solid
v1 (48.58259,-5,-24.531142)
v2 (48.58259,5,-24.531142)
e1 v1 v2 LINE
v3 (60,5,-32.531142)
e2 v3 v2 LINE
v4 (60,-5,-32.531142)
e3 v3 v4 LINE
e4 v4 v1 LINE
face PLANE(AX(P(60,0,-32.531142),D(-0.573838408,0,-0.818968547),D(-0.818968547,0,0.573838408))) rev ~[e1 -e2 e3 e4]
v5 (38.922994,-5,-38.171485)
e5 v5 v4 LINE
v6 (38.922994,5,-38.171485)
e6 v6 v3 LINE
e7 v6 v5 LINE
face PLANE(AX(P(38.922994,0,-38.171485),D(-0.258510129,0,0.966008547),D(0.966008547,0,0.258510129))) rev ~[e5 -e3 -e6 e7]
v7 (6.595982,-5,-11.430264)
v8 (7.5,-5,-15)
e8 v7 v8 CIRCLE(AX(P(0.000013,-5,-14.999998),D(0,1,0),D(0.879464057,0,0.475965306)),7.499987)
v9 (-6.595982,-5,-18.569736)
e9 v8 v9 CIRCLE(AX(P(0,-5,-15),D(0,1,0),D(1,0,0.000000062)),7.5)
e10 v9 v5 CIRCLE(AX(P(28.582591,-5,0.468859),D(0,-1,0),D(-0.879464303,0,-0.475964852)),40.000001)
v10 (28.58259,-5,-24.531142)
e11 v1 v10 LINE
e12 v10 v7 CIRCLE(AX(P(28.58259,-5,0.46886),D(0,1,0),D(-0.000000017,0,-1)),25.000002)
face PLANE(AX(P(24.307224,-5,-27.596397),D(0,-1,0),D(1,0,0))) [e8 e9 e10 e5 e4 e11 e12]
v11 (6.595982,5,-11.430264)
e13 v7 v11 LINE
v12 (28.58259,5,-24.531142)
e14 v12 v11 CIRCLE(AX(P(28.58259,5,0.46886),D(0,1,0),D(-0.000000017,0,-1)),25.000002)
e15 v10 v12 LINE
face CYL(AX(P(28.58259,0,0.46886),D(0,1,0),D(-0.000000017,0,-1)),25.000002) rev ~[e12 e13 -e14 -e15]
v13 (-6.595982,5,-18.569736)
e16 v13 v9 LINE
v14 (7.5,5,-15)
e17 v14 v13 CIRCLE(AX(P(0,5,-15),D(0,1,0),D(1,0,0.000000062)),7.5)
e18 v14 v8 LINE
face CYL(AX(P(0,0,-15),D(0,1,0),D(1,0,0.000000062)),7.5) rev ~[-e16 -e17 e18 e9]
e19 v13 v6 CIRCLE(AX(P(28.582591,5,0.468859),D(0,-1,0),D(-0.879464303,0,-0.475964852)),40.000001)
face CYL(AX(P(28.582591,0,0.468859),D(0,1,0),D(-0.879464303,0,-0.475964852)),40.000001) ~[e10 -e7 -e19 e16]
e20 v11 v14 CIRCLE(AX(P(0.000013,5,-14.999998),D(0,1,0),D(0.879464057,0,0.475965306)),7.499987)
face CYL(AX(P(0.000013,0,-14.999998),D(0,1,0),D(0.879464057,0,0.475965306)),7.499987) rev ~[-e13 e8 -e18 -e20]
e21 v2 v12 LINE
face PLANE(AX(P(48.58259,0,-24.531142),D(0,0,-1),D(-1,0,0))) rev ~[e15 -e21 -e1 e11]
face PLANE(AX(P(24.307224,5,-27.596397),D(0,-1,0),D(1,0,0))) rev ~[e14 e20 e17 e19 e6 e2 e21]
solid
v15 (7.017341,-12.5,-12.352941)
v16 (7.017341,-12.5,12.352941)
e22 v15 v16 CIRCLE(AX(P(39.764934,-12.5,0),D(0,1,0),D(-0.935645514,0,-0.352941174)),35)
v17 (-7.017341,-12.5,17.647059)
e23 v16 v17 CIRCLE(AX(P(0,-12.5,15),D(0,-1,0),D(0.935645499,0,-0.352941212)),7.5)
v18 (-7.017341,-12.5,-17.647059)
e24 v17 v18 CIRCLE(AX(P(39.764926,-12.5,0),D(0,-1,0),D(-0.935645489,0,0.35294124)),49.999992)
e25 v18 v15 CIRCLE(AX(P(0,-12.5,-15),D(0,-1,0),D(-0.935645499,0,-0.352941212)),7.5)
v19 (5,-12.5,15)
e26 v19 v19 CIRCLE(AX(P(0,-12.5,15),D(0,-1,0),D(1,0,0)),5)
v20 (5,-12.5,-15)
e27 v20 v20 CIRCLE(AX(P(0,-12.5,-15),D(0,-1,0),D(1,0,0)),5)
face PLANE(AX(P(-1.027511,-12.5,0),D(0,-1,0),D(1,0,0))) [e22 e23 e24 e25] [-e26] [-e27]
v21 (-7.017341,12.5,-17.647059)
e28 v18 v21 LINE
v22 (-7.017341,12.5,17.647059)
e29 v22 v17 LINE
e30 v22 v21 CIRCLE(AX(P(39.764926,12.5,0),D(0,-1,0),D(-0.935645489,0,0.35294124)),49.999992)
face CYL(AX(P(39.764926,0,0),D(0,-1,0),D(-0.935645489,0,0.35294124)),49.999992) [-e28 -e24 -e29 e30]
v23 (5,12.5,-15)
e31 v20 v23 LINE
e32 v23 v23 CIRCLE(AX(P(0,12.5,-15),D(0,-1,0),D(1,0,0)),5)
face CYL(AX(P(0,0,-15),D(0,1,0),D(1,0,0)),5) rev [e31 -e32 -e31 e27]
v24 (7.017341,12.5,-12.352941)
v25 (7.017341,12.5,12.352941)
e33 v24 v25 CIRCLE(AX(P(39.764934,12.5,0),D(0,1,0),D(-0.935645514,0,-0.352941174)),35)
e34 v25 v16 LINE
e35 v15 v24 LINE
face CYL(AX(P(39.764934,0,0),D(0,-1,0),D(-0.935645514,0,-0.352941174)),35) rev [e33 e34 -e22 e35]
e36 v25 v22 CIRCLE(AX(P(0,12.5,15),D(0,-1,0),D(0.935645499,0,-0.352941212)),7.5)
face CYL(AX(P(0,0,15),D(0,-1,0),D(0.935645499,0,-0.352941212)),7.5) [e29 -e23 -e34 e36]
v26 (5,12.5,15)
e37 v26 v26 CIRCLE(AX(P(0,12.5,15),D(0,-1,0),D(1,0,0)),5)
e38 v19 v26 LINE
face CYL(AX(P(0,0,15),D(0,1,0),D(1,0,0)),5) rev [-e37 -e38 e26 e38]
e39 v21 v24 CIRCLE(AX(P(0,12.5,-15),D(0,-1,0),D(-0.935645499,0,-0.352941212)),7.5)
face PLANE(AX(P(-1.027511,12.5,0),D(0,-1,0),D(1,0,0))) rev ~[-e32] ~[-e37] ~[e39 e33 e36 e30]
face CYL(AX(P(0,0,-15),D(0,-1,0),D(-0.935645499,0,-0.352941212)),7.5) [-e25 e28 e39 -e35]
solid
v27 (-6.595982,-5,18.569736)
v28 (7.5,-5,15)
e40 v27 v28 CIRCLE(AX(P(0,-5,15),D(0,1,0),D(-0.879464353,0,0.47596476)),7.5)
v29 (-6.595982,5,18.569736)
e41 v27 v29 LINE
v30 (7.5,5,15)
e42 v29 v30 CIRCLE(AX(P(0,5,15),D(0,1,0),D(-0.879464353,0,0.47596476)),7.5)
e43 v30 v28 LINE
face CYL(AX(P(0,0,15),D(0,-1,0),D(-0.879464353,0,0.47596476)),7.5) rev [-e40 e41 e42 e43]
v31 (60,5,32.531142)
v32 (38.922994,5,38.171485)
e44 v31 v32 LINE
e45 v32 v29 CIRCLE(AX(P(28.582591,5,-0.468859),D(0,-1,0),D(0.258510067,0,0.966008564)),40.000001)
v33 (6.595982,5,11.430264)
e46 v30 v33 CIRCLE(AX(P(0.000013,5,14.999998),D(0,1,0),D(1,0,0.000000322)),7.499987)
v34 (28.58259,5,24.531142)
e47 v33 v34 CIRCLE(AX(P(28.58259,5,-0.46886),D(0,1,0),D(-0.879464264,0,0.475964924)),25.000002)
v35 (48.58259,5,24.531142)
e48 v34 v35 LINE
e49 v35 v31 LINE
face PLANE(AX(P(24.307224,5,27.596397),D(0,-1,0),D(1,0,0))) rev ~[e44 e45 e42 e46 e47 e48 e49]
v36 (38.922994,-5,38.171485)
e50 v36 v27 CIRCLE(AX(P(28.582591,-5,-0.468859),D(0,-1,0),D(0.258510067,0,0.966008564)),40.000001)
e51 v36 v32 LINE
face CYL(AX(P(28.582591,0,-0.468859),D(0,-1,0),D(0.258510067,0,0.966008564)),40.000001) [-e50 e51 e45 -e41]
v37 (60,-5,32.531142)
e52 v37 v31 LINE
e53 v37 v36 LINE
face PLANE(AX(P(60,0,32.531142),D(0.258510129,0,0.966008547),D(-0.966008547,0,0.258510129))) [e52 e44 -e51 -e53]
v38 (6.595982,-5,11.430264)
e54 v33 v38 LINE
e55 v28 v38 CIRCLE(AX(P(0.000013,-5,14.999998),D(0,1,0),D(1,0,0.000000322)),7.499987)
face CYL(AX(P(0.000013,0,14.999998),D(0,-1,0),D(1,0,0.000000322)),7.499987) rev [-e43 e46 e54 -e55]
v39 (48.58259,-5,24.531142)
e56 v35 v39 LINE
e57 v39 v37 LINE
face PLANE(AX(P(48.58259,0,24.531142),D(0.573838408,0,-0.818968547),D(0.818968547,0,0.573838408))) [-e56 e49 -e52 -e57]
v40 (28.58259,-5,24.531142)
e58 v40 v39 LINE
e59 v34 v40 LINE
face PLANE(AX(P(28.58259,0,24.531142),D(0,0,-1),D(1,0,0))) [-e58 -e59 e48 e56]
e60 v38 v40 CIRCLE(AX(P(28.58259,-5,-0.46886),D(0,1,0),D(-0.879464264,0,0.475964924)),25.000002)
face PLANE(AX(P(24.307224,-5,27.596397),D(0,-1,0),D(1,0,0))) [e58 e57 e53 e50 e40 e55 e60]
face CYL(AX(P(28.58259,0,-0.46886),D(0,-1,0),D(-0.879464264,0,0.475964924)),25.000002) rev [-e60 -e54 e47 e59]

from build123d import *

# Parameters (mm, degrees)
F0_R     = 5
F2_DEPTH = 12.5
F3_DEPTH = 5


with BuildPart() as f2:
    # F0 (on Front) → F2 (new body, symmetric)
    with BuildSketch(Plane.XZ):
        with BuildLine():
            ThreePointArc((7.017341, -12.352941), (4.764934, 0), (7.017341, 12.352941))
            ThreePointArc((7.017341, 12.352941), (2.647059, 22.017341), (-7.017341, 17.647059))
            ThreePointArc((-7.017341, 17.647059), (-10.235066, 0), (-7.017341, -17.647059))
            ThreePointArc((-7.017341, -17.647059), (2.647059, -22.017341), (7.017341, -12.352941))
        make_face()
        with Locations((0, -15)):
            Circle(F0_R, mode=Mode.SUBTRACT)
        with Locations((0, 15)):
            Circle(F0_R, mode=Mode.SUBTRACT)
    extrude(amount=F2_DEPTH, both=True)


with BuildPart() as f3:
    # F1 (on Front) → F3 (new body, symmetric)
    with BuildSketch(Plane.XZ):
        with BuildLine():
            ThreePointArc((6.595982, -11.430264), (7.270484, -13.158787), (7.5, -15))
            ThreePointArc((7.5, -15), (1.841213, -22.270484), (-6.595982, -18.569736))
            ThreePointArc((-6.595982, -18.569736), (12.762009, -36.269531), (38.922994, -38.171485))
            Line((38.922994, -38.171485), (60, -32.531142))
            Line((60, -32.531142), (48.58259, -24.531142))
            Line((48.58259, -24.531142), (28.58259, -24.531142))
            ThreePointArc((28.58259, -24.531142), (15.785677, -21.007618), (6.595982, -11.430264))
        make_face()
        with BuildLine():
            ThreePointArc((-6.595982, 18.569736), (1.841213, 22.270484), (7.5, 15))
            ThreePointArc((7.5, 15), (7.270484, 13.158787), (6.595982, 11.430264))
            ThreePointArc((6.595982, 11.430264), (15.785677, 21.007618), (28.58259, 24.531142))
            Line((28.58259, 24.531142), (48.58259, 24.531142))
            Line((48.58259, 24.531142), (60, 32.531142))
            Line((60, 32.531142), (38.922994, 38.171485))
            ThreePointArc((38.922994, 38.171485), (12.762009, 36.269531), (-6.595982, 18.569736))
        make_face()
    extrude(amount=F3_DEPTH, both=True)


solid = Compound([f2.part, f3.part])
